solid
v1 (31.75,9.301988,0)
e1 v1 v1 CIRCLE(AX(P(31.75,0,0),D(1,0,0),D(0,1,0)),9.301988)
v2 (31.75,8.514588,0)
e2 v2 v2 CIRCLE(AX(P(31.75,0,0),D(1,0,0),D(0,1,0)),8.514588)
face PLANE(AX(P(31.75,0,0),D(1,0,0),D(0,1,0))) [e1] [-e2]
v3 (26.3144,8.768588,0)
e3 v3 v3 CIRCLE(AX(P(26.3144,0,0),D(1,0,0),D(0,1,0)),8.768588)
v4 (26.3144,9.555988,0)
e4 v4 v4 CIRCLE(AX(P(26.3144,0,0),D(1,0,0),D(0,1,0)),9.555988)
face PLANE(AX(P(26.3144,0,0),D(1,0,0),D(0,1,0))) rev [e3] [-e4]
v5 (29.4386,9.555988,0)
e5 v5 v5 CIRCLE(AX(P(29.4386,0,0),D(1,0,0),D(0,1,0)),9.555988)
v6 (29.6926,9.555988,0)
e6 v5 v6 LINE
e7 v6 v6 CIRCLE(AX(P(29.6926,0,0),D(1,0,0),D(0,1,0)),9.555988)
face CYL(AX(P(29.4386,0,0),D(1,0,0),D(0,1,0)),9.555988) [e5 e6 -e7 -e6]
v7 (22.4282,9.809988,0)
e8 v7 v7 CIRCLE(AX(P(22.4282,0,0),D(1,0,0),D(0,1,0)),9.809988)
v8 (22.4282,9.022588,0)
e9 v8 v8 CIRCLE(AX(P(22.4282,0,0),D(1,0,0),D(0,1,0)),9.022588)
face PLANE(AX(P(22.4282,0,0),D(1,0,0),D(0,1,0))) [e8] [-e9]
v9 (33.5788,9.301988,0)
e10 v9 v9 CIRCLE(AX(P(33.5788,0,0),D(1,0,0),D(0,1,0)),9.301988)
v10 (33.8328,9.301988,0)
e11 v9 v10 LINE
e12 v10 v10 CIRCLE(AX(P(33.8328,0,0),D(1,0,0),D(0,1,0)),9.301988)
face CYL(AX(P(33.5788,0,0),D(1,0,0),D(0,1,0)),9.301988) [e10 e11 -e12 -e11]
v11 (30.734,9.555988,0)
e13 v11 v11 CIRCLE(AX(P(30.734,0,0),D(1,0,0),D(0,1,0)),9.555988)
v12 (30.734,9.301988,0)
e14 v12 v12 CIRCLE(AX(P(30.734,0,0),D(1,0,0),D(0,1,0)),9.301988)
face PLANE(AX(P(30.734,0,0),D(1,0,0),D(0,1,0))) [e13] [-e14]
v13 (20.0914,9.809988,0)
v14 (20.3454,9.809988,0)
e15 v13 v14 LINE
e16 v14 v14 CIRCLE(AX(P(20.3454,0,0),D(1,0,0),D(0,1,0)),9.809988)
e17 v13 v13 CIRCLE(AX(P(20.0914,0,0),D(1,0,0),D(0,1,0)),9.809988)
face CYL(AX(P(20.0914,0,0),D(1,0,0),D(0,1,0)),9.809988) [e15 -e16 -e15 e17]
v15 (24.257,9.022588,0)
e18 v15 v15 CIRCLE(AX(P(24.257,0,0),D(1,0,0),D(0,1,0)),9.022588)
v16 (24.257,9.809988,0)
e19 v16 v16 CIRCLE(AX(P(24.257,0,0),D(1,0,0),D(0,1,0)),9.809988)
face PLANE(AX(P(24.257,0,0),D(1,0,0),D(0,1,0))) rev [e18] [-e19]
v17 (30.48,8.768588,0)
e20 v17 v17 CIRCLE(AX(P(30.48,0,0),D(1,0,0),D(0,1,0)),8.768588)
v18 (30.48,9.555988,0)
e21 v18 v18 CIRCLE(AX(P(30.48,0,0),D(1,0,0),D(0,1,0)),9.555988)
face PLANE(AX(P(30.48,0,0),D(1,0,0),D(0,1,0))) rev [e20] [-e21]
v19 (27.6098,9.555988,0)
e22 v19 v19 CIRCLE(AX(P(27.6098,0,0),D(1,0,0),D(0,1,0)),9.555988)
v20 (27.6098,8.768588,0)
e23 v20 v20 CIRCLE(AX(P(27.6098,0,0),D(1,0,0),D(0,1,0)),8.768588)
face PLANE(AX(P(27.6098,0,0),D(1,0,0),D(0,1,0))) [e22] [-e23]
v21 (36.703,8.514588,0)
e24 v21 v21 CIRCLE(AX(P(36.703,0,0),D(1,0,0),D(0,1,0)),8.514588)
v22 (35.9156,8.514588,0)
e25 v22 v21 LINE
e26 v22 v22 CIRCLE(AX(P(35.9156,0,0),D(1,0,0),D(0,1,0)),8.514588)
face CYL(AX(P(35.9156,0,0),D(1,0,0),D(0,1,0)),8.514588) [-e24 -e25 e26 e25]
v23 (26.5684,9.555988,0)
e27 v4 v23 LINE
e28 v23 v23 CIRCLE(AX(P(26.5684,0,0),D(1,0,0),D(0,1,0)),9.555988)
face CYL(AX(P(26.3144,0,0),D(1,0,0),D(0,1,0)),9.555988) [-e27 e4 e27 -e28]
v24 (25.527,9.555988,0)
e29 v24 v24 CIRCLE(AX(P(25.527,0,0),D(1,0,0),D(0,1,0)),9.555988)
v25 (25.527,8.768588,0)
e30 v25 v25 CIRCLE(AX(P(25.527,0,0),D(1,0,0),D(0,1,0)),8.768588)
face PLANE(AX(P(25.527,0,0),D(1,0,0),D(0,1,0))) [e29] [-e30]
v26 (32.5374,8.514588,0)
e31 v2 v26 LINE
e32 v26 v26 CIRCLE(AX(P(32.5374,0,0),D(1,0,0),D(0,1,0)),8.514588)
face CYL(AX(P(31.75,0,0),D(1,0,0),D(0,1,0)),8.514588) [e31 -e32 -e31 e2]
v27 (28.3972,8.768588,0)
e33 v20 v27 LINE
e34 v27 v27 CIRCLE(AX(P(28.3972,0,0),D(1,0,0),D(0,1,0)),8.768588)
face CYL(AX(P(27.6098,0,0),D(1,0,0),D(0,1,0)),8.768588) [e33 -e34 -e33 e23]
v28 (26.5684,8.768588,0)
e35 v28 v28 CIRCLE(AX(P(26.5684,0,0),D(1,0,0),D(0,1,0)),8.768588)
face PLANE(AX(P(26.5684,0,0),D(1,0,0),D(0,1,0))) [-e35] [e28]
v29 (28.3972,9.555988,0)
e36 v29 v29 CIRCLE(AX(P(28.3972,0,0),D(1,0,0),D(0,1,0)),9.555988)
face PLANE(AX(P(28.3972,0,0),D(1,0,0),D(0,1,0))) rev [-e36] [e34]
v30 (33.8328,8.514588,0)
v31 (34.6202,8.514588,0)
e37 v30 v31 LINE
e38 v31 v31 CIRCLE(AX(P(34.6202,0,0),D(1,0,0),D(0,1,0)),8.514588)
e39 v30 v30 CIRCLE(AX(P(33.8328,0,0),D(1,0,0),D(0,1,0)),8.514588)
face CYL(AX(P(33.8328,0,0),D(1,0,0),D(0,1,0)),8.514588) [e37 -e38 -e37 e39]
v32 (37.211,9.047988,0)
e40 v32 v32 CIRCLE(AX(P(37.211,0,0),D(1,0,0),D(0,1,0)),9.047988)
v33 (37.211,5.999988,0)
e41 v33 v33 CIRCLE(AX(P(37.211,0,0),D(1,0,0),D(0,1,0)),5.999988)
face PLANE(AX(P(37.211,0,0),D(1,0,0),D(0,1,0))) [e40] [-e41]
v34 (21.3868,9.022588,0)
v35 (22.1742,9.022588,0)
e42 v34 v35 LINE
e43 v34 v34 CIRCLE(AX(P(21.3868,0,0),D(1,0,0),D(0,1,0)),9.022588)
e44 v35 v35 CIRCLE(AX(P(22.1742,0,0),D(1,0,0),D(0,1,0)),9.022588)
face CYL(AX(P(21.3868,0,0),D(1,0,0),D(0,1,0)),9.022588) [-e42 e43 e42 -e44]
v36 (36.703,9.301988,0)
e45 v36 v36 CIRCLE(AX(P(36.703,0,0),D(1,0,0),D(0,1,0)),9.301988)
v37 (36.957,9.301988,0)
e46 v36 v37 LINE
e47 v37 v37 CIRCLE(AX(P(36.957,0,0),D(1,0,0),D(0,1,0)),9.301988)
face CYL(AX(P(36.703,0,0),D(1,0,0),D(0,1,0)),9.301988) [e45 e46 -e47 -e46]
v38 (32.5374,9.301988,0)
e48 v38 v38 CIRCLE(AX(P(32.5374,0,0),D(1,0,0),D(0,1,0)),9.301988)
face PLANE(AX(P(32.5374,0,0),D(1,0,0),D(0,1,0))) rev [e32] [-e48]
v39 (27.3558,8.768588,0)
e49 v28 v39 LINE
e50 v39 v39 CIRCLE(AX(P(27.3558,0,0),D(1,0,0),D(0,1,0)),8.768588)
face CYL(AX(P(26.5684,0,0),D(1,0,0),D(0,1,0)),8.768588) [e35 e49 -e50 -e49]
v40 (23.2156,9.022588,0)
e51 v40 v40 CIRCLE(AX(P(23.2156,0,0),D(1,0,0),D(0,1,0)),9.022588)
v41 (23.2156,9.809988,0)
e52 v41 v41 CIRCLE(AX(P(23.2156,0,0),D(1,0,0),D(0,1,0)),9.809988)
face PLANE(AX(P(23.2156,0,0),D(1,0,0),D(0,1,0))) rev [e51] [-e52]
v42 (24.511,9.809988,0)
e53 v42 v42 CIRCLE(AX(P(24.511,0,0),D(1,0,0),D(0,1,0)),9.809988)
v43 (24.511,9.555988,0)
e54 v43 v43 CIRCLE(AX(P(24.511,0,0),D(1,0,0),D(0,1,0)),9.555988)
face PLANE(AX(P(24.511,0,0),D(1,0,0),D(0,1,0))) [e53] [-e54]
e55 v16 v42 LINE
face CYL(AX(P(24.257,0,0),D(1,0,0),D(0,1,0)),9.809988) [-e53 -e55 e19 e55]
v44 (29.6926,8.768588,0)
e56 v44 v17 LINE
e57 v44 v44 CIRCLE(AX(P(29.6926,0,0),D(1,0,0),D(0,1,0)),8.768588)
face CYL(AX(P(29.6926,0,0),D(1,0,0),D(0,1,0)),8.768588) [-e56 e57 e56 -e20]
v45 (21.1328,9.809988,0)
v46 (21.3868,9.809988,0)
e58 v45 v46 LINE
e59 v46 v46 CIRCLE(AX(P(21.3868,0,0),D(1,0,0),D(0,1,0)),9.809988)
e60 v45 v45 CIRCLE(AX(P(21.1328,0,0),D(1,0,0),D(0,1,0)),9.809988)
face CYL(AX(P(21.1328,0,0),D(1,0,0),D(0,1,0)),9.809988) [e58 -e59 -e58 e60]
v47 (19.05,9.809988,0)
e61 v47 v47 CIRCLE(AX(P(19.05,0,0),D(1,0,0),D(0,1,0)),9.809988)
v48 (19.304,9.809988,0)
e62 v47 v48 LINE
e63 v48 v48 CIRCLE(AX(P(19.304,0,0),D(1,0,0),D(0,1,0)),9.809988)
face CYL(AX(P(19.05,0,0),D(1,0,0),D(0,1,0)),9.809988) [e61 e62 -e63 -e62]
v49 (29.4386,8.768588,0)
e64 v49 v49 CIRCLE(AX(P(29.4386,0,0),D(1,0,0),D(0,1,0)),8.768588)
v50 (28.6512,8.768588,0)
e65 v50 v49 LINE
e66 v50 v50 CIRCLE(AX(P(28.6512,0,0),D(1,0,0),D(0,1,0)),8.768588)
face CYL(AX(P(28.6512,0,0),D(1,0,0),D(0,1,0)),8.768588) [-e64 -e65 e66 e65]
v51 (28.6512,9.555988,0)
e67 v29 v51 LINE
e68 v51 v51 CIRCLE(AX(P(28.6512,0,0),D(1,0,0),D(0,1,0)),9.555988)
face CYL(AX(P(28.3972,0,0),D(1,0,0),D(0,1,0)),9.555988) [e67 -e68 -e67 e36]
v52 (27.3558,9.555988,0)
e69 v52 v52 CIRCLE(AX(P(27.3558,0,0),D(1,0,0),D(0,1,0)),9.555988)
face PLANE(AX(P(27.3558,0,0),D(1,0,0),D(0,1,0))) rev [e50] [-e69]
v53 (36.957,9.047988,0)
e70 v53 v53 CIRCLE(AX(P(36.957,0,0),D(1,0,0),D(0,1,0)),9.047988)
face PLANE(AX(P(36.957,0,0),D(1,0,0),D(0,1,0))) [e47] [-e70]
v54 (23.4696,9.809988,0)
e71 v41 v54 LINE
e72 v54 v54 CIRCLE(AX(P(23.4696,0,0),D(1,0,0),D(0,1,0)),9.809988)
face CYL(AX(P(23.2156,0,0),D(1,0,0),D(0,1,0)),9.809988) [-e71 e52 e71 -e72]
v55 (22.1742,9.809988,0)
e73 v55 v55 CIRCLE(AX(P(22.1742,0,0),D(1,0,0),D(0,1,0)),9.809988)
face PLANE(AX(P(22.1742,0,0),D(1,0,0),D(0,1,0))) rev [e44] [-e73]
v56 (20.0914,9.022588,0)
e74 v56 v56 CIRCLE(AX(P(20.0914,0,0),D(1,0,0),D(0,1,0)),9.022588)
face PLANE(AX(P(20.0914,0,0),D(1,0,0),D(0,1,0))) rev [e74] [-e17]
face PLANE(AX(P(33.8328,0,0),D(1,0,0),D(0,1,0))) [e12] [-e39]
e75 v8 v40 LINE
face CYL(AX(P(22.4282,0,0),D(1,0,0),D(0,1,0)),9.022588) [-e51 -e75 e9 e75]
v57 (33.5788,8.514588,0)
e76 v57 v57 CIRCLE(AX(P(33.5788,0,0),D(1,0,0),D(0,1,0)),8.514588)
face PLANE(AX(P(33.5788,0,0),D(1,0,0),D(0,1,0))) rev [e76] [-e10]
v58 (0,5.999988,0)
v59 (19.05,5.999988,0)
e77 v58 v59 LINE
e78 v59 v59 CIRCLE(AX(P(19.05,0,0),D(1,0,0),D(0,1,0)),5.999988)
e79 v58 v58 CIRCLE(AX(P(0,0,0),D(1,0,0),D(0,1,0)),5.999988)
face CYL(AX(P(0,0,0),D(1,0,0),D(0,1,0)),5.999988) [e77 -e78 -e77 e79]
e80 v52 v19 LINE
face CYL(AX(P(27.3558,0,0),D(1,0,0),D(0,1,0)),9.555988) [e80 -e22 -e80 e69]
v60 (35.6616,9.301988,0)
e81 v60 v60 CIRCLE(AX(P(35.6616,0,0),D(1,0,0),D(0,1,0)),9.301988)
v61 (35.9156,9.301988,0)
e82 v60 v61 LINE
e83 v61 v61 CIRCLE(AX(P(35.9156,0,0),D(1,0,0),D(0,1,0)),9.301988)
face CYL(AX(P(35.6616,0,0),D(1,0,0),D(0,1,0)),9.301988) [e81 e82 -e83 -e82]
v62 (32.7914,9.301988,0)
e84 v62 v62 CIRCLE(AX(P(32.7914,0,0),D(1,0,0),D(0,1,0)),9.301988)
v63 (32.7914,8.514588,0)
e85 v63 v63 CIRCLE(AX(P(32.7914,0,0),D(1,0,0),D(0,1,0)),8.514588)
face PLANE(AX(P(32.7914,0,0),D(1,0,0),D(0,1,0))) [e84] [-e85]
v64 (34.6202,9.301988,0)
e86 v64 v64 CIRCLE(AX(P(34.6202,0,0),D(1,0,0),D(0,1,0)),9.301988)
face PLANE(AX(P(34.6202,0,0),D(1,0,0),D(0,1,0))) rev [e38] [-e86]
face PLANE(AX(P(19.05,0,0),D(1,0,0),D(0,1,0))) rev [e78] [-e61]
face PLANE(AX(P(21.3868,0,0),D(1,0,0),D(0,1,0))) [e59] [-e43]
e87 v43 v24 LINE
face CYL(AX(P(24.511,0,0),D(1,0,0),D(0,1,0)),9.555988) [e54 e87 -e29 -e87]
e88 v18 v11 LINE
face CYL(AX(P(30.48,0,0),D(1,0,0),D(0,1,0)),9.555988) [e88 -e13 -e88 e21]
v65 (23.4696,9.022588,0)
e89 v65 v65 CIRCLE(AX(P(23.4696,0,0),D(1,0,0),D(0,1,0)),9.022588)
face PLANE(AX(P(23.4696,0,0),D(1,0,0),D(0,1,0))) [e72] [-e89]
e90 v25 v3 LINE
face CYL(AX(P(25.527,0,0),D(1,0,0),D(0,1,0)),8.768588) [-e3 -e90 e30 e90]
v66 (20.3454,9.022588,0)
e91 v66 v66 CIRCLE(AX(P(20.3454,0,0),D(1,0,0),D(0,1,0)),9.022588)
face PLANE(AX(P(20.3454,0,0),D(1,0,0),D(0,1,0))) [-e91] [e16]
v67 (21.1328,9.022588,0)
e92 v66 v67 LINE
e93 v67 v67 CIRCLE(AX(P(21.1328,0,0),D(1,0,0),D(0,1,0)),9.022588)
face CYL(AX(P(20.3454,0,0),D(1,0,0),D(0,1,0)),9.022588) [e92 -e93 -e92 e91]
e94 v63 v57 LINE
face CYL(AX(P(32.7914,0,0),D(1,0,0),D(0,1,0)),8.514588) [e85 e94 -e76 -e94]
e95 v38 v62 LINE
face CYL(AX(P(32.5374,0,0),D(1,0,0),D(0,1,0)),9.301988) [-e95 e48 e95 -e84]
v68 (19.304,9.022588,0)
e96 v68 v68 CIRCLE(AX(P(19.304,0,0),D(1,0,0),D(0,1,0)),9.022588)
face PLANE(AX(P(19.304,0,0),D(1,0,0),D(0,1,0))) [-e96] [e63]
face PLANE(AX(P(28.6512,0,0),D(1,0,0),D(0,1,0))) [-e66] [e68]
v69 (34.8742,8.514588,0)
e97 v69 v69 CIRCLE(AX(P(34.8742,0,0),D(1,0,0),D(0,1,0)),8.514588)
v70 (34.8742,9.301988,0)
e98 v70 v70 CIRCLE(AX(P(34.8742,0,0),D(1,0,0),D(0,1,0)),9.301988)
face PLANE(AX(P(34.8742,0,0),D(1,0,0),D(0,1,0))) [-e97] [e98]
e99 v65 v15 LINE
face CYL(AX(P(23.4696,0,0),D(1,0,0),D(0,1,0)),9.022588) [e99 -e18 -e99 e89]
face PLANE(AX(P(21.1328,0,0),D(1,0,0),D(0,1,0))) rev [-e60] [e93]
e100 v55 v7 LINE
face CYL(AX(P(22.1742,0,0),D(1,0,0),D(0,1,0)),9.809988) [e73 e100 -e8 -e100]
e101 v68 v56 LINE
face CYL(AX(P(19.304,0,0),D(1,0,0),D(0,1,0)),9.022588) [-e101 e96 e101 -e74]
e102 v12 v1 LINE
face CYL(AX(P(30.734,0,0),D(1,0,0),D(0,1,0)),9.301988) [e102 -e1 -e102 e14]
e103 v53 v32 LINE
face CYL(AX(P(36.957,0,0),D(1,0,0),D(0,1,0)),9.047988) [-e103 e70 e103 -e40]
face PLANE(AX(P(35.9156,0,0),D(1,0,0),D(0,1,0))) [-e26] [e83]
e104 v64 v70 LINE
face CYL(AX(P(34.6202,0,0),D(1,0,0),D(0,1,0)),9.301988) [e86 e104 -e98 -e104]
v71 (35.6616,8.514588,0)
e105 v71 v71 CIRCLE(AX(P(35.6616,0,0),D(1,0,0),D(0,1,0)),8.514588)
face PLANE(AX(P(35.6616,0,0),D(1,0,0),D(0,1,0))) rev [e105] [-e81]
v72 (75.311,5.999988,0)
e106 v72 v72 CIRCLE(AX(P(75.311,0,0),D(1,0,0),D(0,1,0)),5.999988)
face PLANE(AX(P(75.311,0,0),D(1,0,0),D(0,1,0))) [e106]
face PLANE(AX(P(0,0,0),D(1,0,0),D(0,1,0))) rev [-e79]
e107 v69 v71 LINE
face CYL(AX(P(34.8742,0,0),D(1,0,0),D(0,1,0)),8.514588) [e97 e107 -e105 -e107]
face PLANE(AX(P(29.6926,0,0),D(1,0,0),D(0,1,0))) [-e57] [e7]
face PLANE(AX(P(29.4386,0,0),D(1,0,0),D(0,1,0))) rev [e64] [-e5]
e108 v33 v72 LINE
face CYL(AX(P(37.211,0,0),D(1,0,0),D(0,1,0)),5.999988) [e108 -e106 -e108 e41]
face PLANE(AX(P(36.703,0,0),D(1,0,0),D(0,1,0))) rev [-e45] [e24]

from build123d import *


with BuildPart() as part:
    # Sketch1 → Revolve1 (revolve)
    with BuildSketch(Plane.XY):
        Polygon((19.05, 9.809988), (19.304, 9.809988), (19.304, 9.022588), (20.0914, 9.022588), (20.0914, 9.809988), (20.3454, 9.809988), (20.3454, 9.022588), (21.1328, 9.022588), (21.1328, 9.809988), (21.3868, 9.809988), (21.3868, 9.022588), (22.1742, 9.022588), (22.1742, 9.809988), (22.4282, 9.809988), (22.4282, 9.022588), (23.2156, 9.022588), (23.2156, 9.809988), (23.4696, 9.809988), (23.4696, 9.022588), (24.257, 9.022588), (24.257, 9.809988), (24.511, 9.809988), (24.511, 9.555988), (25.527, 9.555988), (25.527, 8.768588), (26.3144, 8.768588), (26.3144, 9.555988), (26.5684, 9.555988), (26.5684, 8.768588), (27.3558, 8.768588), (27.3558, 9.555988), (27.6098, 9.555988), (27.6098, 8.768588), (28.3972, 8.768588), (28.3972, 9.555988), (28.6512, 9.555988), (28.6512, 8.768588), (29.4386, 8.768588), (29.4386, 9.555988), (29.6926, 9.555988), (29.6926, 8.768588), (30.48, 8.768588), (30.48, 9.555988), (30.734, 9.555988), (30.734, 9.301988), (31.75, 9.301988), (31.75, 8.514588), (32.5374, 8.514588), (32.5374, 9.301988), (32.7914, 9.301988), (32.7914, 8.514588), (33.5788, 8.514588), (33.5788, 9.301988), (33.8328, 9.301988), (33.8328, 8.514588), (34.6202, 8.514588), (34.6202, 9.301988), (34.8742, 9.301988), (34.8742, 8.514588), (35.6616, 8.514588), (35.6616, 9.301988), (35.9156, 9.301988), (35.9156, 8.514588), (36.703, 8.514588), (36.703, 9.301988), (36.957, 9.301988), (36.957, 9.047988), (37.211, 9.047988), (37.211, 5.999988), (75.311, 5.999988), (75.311, 0), (61.976, 0), (0, 0), (0, 5.999988), (19.05, 5.999988), align=None)
    revolve(axis=Axis((0, 0, 0), (1, 0, 0)))


solid = part.part
